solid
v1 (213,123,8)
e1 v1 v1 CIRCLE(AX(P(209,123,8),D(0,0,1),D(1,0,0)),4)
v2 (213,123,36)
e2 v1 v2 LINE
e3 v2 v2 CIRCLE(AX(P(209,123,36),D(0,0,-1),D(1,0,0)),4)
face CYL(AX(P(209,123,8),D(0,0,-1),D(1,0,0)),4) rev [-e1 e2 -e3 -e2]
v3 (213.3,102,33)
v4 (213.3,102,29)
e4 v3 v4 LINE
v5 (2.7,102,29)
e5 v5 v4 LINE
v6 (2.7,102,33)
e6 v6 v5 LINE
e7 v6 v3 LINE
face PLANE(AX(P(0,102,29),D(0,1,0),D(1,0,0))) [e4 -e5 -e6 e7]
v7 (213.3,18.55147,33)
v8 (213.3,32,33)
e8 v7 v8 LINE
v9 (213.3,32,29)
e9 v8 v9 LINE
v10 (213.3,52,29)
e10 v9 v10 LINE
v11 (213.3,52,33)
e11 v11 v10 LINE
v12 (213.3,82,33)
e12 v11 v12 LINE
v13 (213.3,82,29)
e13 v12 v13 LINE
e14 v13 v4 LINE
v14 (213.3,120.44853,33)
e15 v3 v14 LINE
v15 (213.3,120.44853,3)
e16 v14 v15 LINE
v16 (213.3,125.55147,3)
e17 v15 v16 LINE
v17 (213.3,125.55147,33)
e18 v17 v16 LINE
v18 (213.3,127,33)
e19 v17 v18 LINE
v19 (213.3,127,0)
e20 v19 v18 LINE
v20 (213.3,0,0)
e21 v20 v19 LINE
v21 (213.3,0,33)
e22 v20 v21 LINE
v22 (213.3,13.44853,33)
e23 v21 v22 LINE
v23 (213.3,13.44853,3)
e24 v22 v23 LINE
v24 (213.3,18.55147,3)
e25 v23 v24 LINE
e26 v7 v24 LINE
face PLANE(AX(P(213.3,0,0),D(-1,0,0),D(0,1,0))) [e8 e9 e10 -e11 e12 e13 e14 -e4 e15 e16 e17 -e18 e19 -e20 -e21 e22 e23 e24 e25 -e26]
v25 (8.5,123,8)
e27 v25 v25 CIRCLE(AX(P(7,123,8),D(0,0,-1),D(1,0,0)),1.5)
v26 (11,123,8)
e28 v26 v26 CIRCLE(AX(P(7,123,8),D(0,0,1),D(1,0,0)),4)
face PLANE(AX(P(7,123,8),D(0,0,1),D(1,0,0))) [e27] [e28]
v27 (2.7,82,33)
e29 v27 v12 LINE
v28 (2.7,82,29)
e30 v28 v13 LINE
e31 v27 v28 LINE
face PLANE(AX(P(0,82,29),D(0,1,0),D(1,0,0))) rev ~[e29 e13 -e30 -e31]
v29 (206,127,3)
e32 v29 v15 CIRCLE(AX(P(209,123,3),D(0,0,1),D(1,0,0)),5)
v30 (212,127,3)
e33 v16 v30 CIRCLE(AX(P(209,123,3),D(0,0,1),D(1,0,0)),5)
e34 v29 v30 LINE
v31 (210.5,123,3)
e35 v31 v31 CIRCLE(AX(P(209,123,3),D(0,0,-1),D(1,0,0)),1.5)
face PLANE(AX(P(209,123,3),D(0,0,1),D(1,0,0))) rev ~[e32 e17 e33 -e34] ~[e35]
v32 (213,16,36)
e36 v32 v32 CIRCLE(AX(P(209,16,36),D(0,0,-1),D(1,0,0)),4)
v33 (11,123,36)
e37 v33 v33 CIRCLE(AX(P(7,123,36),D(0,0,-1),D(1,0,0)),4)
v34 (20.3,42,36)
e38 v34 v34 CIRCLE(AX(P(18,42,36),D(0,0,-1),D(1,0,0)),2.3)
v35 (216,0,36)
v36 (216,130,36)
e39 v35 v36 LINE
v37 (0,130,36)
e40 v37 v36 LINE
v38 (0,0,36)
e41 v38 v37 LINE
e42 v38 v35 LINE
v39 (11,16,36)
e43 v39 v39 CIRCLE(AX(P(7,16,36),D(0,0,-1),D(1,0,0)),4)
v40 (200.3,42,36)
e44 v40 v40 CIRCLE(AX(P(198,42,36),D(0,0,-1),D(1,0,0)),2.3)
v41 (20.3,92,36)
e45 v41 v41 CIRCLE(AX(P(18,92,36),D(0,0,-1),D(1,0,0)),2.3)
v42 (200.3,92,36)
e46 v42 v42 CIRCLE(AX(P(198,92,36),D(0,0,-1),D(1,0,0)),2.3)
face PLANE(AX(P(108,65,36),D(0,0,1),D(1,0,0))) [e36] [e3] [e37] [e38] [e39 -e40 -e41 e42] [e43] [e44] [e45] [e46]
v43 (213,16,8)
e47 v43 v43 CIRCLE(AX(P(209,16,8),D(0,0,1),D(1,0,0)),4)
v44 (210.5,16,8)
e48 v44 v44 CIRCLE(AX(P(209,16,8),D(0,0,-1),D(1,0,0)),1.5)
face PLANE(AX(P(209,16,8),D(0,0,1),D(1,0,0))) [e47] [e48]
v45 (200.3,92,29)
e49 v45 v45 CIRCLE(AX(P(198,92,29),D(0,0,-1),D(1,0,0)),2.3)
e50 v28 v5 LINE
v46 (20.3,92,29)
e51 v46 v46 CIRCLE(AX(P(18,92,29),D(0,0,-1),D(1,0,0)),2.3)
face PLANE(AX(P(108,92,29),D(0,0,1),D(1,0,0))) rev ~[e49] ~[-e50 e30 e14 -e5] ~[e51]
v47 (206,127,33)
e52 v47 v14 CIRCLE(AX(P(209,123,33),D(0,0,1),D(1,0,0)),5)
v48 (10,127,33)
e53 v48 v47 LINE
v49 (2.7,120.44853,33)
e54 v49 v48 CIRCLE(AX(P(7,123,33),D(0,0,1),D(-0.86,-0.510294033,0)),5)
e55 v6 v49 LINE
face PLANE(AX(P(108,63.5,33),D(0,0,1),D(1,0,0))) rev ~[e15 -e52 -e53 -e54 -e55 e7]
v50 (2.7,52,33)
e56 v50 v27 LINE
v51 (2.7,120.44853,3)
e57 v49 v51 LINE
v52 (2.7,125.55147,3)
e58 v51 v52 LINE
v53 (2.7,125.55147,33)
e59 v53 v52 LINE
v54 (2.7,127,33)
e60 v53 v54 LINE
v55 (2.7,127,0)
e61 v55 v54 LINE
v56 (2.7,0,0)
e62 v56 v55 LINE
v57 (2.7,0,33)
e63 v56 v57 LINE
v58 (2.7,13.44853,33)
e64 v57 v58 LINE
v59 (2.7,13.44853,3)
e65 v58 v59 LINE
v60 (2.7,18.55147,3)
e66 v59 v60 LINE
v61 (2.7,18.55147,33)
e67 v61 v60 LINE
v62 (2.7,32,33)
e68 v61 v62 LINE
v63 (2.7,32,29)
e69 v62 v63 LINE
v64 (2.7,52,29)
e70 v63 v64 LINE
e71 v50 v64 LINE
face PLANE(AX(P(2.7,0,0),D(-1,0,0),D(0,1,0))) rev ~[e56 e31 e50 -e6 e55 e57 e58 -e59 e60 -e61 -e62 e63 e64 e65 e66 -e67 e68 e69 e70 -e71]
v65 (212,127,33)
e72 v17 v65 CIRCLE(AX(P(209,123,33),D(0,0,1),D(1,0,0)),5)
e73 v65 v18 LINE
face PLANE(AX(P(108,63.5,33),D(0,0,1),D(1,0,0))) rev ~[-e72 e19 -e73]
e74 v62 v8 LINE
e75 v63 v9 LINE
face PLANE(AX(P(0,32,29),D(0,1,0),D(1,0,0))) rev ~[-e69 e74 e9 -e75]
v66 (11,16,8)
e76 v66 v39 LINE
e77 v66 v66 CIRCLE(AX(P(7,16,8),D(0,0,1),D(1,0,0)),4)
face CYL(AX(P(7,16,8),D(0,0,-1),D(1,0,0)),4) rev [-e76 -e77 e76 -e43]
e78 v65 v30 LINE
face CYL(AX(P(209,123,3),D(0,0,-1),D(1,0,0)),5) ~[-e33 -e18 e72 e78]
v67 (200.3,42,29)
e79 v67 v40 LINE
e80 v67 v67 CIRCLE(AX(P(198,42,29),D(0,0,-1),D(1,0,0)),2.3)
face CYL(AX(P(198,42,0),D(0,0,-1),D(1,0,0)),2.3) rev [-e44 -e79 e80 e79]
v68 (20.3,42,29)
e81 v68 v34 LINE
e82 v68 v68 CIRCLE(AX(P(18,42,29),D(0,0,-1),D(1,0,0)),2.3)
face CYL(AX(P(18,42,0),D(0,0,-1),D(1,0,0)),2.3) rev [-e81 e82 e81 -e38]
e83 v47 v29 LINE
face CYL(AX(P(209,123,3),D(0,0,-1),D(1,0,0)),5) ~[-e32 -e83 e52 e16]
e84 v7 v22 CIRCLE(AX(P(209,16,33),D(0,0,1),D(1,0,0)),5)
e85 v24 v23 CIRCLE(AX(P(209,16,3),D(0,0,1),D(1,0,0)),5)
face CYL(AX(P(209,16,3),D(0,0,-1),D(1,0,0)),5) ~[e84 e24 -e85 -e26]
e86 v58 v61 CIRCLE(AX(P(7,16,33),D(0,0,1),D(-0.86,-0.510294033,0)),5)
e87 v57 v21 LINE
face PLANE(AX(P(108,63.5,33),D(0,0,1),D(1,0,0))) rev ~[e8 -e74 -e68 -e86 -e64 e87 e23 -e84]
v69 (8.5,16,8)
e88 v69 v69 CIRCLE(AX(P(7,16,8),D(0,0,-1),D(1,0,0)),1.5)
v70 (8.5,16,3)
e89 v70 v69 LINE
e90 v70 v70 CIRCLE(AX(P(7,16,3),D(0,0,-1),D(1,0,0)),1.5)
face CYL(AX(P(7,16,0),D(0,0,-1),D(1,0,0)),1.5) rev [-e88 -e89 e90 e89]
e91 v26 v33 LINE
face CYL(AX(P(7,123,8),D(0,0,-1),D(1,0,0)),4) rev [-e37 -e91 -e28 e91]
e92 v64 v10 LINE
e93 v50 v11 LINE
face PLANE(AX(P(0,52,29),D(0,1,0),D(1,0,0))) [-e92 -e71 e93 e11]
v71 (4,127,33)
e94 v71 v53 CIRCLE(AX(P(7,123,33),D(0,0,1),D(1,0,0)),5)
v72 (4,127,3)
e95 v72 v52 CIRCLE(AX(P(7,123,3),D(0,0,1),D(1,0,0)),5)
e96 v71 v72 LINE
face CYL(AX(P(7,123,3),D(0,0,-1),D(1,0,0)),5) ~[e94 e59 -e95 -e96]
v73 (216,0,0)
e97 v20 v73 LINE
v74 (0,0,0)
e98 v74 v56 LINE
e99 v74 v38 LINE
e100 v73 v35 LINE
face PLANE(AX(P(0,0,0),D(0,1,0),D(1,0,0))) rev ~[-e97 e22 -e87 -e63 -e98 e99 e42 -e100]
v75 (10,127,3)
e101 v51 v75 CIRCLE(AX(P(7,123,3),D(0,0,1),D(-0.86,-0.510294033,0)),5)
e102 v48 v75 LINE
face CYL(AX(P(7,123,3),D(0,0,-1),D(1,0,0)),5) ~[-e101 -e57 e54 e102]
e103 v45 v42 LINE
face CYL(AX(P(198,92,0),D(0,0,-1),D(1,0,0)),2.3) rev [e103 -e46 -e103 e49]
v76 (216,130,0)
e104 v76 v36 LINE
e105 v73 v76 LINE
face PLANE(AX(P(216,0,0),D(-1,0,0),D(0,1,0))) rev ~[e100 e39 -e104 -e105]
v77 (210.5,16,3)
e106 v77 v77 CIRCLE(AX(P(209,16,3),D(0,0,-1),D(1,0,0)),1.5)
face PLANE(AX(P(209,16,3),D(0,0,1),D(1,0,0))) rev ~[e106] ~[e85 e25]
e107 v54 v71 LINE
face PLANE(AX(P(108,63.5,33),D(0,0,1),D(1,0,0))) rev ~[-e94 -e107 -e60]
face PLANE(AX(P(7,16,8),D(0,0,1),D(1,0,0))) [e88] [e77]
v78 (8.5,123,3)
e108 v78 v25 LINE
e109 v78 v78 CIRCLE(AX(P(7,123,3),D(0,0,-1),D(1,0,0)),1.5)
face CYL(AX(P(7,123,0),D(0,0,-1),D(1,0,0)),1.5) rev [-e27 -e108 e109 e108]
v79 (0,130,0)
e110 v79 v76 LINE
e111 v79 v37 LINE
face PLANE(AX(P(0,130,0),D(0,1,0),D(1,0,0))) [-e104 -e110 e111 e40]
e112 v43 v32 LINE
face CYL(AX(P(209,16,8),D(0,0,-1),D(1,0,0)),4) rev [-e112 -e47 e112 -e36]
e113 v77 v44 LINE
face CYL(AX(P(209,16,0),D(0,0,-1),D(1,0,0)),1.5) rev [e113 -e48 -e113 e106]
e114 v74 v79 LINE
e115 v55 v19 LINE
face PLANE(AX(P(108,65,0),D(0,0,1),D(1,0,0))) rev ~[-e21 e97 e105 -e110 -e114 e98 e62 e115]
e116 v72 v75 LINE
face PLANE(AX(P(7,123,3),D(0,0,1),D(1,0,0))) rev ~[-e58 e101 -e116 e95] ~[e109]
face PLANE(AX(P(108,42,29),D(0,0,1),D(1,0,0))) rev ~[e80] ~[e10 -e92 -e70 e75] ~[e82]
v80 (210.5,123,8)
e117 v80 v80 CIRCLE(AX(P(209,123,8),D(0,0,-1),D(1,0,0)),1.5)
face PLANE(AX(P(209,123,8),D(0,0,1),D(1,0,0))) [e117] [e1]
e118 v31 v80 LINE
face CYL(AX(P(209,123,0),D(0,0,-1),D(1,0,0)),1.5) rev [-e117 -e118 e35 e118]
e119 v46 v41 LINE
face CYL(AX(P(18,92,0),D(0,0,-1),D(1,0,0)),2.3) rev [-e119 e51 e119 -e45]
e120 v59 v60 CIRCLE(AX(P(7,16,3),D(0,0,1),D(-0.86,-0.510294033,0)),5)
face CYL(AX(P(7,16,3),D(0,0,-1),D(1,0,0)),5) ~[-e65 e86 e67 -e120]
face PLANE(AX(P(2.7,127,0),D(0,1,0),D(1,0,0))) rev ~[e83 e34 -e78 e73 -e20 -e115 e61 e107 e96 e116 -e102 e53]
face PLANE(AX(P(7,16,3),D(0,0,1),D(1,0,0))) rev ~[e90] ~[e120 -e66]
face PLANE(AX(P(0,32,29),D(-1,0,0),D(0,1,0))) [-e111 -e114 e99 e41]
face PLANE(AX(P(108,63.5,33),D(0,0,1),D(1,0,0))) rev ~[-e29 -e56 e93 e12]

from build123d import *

# Parameters (mm, degrees)
SKETCH006_R  = 2.3
PAD006_DEPTH = 100
SKETCH005_W  = 216
SKETCH005_H  = 20
PAD005_DEPTH = 4
SKETCH004_R  = 4
PAD004_DEPTH = 50
SKETCH003_R  = 1.5
PAD003_DEPTH = 100
SKETCH002_R  = 5
PAD002_DEPTH = 30
SKETCH001_W  = 210.6
SKETCH001_H  = 127
PAD001_DEPTH = 33
SKETCH_W     = 216
SKETCH_H     = 130
PAD_DEPTH    = 36


with BuildPart() as sensor_head_mount_holes:
    # Sketch006 → Pad006 (new body)
    with BuildSketch(Plane.XY):
        with Locations((18, 42)):
            Circle(SKETCH006_R)
        with Locations((198, 42)):
            Circle(SKETCH006_R)
        with Locations((18, 92)):
            Circle(SKETCH006_R)
        with Locations((198, 92)):
            Circle(SKETCH006_R)
    extrude(amount=PAD006_DEPTH)


with BuildPart() as crossbeams:
    # Sketch005 → Pad005 (new body)
    with BuildSketch(Plane.XY.offset(29)):
        with Locations((108, 92)):
            Rectangle(SKETCH005_W, SKETCH005_H)
        with Locations((108, 42)):
            Rectangle(SKETCH005_W, SKETCH005_H)
    extrude(amount=PAD005_DEPTH)


with BuildPart() as screw_recesses:
    # Sketch004 → Pad004 (new body)
    with BuildSketch(Plane.XY.offset(8)):
        with Locations((7, 123)):
            Circle(SKETCH004_R)
        with Locations((7, 16)):
            Circle(SKETCH004_R)
        with Locations((209, 123)):
            Circle(SKETCH004_R)
        with Locations((209, 16)):
            Circle(SKETCH004_R)
    extrude(amount=PAD004_DEPTH)


with BuildPart() as screw_holes:
    # Sketch003 → Pad003 (new body)
    with BuildSketch(Plane.XY):
        with Locations((7, 123)):
            Circle(SKETCH003_R)
        with Locations((7, 16)):
            Circle(SKETCH003_R)
        with Locations((209, 123)):
            Circle(SKETCH003_R)
        with Locations((209, 16)):
            Circle(SKETCH003_R)
    extrude(amount=PAD003_DEPTH)


with BuildPart() as pylons:
    # Sketch002 → Pad002 (new body)
    with BuildSketch(Plane.XY.offset(3)):
        with Locations((7, 123)):
            Circle(SKETCH002_R)
        with Locations((7, 16)):
            Circle(SKETCH002_R)
        with Locations((209, 123)):
            Circle(SKETCH002_R)
        with Locations((209, 16)):
            Circle(SKETCH002_R)
    extrude(amount=PAD002_DEPTH)


with BuildPart() as interior_hole:
    # Sketch001 → Pad001 (new body)
    with BuildSketch(Plane.XY):
        with Locations((108, 63.5)):
            Rectangle(SKETCH001_W, SKETCH001_H)
    extrude(amount=PAD001_DEPTH)


with BuildPart() as cut003:
    # Sketch → Pad (new body)
    with BuildSketch(Plane.XY):
        with Locations((108, 65)):
            Rectangle(SKETCH_W, SKETCH_H)
    extrude(amount=PAD_DEPTH)

    # Cut: cut Interior Hole
    add(interior_hole.part, mode=Mode.SUBTRACT)

    # Fusion: union Pylons
    add(pylons.part)

    # Cut001: cut Screw Holes
    add(screw_holes.part, mode=Mode.SUBTRACT)

    # Cut002: cut Screw Recesses
    add(screw_recesses.part, mode=Mode.SUBTRACT)

    # Fusion001: union Crossbeams
    add(crossbeams.part)

    # Cut003: cut Sensor Head Mount Holes
    add(sensor_head_mount_holes.part, mode=Mode.SUBTRACT)


solid = cut003.part
